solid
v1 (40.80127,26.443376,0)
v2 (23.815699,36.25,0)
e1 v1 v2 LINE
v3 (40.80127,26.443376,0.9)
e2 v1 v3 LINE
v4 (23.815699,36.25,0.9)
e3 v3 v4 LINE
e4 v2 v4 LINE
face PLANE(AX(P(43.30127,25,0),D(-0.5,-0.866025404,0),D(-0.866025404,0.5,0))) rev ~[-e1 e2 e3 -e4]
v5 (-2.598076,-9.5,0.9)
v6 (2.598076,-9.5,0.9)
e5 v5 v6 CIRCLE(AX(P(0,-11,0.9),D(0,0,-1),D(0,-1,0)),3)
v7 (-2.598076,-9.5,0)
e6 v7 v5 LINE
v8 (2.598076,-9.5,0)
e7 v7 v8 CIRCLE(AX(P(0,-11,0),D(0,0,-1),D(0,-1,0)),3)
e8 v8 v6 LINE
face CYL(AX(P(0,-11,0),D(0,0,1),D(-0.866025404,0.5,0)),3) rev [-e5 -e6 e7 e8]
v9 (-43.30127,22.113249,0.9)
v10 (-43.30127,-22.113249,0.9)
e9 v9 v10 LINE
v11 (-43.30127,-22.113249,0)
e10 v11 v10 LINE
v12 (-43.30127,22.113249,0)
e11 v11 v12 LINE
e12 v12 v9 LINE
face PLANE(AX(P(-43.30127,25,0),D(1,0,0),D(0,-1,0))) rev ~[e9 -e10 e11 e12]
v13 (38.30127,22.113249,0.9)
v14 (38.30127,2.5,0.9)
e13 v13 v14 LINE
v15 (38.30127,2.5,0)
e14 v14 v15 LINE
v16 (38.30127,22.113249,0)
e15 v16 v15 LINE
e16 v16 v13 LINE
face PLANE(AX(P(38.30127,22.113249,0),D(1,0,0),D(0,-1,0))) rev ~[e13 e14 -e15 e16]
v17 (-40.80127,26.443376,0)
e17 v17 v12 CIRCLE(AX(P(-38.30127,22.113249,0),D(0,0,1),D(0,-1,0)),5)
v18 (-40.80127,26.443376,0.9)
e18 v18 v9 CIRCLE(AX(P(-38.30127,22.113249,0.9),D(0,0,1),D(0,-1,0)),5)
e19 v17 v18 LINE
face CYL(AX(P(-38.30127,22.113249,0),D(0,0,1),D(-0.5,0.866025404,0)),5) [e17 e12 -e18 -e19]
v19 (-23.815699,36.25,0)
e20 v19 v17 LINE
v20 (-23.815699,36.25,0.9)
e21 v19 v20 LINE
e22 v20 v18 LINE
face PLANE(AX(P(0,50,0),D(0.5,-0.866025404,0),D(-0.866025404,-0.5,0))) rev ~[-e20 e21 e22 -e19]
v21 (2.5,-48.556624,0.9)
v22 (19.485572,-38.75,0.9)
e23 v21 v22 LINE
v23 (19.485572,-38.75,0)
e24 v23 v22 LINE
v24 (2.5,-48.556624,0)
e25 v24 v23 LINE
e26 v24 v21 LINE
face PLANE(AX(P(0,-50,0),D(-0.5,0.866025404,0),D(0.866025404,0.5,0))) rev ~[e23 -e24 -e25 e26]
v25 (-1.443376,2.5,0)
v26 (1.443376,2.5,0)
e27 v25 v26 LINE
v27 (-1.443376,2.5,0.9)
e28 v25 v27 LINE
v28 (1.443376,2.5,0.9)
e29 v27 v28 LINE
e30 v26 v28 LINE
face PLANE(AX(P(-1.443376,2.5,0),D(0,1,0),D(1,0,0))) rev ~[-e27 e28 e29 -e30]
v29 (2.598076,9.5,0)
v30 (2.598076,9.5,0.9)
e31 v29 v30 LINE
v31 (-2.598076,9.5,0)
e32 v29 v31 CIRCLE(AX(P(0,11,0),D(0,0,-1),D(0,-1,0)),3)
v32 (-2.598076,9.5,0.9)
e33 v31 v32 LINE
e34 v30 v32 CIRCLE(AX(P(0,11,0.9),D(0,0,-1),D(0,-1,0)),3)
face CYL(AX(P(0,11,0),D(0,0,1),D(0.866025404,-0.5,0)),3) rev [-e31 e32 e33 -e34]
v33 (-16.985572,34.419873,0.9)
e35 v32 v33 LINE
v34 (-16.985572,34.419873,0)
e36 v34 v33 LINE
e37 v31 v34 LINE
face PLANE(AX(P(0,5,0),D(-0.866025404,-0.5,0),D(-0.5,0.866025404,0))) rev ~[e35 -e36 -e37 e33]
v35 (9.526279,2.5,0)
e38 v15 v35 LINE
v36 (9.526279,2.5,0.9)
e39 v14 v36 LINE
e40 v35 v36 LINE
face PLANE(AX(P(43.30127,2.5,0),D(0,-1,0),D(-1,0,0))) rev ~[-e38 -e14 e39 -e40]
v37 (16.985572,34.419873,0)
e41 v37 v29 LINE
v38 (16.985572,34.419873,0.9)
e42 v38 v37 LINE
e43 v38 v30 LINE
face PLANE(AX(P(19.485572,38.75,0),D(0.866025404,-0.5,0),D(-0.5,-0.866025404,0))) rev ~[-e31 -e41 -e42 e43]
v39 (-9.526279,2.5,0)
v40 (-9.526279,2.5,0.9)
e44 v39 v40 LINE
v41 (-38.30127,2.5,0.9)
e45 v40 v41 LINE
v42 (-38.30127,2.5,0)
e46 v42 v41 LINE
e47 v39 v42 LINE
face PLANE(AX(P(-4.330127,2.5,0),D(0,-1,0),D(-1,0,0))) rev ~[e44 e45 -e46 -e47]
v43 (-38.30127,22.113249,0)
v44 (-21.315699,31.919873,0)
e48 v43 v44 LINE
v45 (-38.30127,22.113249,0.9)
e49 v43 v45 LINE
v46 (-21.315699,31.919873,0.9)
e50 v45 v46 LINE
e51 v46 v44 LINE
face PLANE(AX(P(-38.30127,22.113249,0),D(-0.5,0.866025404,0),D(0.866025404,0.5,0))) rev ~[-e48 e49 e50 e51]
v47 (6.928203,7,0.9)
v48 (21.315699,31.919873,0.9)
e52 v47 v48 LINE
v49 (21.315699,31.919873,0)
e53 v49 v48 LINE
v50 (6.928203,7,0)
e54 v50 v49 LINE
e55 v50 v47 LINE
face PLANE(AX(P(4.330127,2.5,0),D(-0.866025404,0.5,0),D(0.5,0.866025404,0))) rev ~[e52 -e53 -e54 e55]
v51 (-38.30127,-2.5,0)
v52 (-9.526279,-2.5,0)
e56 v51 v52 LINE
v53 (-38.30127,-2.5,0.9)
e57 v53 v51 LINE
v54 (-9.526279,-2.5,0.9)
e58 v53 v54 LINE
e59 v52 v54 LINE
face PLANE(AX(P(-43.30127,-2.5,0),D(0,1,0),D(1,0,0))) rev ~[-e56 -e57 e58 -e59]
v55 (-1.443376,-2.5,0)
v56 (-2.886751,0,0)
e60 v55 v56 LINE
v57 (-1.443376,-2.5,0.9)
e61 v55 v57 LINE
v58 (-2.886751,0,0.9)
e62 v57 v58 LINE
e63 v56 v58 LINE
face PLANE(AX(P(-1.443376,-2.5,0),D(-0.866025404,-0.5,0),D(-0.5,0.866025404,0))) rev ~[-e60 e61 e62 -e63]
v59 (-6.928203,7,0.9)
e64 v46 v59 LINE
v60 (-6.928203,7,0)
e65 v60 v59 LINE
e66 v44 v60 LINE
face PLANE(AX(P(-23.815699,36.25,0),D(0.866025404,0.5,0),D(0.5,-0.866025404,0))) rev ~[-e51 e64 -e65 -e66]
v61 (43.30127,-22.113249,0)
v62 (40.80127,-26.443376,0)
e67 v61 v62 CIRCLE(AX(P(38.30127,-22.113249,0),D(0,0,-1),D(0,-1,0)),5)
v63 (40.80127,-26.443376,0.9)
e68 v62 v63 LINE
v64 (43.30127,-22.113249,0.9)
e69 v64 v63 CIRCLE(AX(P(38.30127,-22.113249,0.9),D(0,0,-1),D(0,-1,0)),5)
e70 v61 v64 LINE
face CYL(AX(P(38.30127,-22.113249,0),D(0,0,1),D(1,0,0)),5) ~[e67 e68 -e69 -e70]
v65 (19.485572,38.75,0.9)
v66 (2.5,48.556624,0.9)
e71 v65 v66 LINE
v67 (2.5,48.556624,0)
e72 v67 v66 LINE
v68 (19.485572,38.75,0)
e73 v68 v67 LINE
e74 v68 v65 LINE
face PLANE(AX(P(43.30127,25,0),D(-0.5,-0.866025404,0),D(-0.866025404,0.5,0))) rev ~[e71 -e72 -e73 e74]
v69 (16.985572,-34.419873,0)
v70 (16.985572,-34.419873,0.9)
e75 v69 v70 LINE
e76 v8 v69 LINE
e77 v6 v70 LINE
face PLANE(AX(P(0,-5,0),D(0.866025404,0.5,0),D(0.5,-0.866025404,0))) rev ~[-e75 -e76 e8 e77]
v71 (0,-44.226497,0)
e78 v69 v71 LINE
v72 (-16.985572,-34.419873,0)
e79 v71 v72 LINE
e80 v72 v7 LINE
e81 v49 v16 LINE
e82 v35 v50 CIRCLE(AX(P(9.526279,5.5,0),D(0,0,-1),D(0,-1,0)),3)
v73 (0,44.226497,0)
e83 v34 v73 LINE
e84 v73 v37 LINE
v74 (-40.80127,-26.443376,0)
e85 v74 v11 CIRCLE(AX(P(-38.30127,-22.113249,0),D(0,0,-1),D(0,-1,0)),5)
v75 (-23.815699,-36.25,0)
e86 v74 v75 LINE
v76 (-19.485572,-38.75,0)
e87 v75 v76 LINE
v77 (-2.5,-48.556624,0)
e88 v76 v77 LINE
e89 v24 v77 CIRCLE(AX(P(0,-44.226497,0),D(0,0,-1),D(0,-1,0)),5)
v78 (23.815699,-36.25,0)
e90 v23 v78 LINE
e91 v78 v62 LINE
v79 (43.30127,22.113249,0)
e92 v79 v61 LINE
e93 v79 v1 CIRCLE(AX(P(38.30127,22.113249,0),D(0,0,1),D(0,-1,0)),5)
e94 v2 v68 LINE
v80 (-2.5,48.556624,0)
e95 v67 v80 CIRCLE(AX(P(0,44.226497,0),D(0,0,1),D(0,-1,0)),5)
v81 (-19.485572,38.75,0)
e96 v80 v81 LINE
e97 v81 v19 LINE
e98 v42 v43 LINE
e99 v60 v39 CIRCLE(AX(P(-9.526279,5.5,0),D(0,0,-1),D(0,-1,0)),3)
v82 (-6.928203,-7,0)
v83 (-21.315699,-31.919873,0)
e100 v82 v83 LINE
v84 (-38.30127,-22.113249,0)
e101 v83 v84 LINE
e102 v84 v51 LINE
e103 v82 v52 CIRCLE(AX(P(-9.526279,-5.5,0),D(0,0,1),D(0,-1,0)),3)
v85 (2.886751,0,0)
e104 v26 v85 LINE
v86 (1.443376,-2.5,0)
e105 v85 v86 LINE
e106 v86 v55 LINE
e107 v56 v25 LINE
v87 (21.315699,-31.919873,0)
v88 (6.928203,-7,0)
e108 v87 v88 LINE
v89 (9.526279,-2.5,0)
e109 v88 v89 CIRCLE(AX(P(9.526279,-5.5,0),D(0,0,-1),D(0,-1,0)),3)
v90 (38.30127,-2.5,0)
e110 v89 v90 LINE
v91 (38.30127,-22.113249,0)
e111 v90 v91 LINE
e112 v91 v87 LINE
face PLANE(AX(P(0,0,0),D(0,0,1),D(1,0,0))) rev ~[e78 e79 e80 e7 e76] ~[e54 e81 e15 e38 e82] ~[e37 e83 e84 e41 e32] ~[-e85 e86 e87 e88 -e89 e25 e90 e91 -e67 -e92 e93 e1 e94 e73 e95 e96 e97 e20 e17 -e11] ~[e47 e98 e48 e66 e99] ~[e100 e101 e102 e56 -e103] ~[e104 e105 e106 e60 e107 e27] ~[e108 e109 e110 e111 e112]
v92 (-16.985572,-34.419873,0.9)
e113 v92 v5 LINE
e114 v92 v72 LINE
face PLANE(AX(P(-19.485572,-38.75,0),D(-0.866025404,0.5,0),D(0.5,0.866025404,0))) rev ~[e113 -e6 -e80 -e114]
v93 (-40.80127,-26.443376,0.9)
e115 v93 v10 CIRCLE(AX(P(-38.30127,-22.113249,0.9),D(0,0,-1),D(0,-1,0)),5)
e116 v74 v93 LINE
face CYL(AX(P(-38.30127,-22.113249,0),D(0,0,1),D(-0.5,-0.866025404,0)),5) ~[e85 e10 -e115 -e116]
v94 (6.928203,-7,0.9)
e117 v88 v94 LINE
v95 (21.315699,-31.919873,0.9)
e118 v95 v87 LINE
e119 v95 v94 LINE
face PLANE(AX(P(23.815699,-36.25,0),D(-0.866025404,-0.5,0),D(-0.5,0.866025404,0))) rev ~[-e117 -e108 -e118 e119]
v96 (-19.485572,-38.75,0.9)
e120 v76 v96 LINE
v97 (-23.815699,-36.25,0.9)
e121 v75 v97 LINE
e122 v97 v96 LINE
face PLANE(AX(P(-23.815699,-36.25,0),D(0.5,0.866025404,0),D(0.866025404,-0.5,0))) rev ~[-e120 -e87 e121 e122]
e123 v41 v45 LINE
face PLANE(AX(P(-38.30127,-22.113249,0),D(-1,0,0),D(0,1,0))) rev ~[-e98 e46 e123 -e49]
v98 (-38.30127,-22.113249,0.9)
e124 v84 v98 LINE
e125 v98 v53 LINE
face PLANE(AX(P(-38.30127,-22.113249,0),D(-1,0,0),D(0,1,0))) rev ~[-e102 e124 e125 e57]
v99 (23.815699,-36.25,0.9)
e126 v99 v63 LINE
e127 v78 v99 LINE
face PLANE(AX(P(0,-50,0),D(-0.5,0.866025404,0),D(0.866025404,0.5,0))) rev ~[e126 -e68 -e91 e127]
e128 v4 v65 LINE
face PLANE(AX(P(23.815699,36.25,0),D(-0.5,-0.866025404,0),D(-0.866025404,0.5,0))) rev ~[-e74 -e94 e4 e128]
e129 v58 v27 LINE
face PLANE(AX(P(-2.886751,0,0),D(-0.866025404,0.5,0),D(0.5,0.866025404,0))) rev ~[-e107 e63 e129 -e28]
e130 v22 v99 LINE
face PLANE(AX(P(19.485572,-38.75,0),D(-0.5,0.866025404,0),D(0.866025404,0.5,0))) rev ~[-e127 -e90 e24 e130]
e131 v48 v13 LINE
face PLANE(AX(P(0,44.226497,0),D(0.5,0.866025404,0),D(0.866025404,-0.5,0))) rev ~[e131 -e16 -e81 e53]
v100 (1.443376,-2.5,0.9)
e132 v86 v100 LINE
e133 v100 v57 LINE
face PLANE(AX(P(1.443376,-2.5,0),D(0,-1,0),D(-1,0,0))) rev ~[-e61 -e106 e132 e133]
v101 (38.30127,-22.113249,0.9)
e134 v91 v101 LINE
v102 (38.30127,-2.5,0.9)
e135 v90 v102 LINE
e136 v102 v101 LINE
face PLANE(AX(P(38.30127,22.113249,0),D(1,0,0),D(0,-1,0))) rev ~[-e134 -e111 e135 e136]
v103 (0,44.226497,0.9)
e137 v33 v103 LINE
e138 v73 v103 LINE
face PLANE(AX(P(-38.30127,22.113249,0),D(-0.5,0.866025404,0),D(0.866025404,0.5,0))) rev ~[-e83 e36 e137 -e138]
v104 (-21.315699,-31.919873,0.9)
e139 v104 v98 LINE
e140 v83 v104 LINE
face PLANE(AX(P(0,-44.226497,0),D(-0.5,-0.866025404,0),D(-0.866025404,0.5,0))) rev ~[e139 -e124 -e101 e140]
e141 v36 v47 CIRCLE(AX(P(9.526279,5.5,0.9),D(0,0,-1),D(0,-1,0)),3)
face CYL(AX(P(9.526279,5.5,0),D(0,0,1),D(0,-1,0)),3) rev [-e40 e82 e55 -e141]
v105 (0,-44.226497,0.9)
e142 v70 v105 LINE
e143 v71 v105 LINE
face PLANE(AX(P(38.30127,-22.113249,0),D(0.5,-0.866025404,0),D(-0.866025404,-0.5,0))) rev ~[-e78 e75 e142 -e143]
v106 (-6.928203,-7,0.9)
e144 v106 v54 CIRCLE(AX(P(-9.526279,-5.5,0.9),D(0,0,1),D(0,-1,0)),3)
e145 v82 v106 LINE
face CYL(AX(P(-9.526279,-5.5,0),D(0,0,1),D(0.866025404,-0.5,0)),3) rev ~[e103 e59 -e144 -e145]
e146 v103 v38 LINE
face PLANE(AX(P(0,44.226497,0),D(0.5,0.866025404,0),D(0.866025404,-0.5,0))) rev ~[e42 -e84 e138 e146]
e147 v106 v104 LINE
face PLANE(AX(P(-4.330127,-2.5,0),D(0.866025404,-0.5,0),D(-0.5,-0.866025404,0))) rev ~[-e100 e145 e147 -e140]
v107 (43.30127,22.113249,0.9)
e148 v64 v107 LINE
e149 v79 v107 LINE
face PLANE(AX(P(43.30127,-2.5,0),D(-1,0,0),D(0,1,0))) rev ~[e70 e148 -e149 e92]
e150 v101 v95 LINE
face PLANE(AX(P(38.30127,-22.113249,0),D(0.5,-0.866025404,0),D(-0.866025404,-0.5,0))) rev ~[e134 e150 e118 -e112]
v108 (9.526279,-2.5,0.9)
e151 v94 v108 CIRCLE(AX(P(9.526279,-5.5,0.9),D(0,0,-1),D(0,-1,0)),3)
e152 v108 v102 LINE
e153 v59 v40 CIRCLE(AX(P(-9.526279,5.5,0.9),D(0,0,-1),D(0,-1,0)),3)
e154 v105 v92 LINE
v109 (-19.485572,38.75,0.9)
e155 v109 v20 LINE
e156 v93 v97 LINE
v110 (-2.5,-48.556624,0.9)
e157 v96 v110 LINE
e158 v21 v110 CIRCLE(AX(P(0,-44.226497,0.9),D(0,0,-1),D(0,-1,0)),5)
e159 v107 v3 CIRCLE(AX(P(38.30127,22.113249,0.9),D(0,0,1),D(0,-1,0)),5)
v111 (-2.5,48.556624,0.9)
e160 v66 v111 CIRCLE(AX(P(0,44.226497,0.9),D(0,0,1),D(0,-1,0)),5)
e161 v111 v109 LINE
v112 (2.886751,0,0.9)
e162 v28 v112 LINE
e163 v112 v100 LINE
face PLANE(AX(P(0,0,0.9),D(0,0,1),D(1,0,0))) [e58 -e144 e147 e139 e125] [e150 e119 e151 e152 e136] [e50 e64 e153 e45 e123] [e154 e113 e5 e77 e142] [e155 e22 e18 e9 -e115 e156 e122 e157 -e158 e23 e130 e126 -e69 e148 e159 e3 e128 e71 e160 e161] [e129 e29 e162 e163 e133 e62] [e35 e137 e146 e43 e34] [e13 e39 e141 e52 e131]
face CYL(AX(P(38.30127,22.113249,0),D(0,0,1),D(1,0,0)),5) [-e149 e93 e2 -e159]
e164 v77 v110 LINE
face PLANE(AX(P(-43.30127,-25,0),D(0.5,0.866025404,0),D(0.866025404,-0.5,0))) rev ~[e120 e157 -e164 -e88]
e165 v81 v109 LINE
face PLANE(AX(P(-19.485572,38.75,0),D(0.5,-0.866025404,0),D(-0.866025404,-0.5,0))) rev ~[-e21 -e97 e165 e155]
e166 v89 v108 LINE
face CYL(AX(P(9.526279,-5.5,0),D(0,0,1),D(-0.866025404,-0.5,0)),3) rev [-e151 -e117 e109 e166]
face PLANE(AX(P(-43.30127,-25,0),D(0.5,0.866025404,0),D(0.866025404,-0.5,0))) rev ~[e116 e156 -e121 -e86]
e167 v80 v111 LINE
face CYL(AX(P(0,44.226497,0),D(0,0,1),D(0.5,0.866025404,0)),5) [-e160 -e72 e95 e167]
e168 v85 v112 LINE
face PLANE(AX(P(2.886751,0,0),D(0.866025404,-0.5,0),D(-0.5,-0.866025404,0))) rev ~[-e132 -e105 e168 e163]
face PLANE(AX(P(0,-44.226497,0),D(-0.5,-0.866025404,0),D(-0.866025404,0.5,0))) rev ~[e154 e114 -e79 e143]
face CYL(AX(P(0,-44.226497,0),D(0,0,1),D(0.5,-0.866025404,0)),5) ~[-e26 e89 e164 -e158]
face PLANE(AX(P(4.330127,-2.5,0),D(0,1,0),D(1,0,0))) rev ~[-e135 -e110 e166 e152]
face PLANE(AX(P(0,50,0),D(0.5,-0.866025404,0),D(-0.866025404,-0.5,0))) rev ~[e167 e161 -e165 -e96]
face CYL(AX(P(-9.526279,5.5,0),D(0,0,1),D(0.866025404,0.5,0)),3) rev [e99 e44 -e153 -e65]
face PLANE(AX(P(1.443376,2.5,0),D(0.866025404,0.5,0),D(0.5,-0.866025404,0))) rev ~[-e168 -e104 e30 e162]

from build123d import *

# Parameters (mm, degrees)
F1_DEPTH = 0.9
F2_R     = 5
F4_DEPTH = 0.9
F5_R     = 3


with BuildPart() as f1:
    # F0 (on Top) → F1 (new body)
    with BuildSketch(Plane.XY):
        Polygon((43.3012701892, -25), (43.3012701892, 25), (0, 50), (-43.3012701892, 25), (-43.3012701892, -25), (0, -50), align=None)
        Polygon((0, 44.2264973081), (38.3012701892, 22.1132486541), (38.3012701892, -22.1132486541), (0, -44.2264973081), (-38.3012701892, -22.1132486541), (-38.3012701892, 22.1132486541), align=None, mode=Mode.SUBTRACT)
    extrude(amount=F1_DEPTH)

    # F2
    f2_edges = [f1.edges().sort_by_distance(p)[0] for p in [
        (0, 50, 0.45),
        (43.30127, 25, 0.45),
        (-43.30127, 25, 0.45),
        (-43.30127, -25, 0.45),
        (0, -50, 0.45),
        (43.30127, -25, 0.45),
    ]]
    fillet(f2_edges, radius=F2_R)

    # F3 (on Top) → F4 (join, through all)
    with BuildSketch(Plane.XY):
        Polygon((0, 5), (-19.4855715851, 38.75), (-23.8156986041, 36.25), (-4.3301270189, 2.5), (-1.443375673, 2.5), align=None)
        Polygon((19.4855715851, 38.75), (0, 5), (1.443375673, 2.5), (4.3301270189, 2.5), (23.8156986041, 36.25), align=None)
        Polygon((1.443375673, 2.5), (0, 5), (-1.443375673, 2.5), align=None)
        Polygon((-1.443375673, 2.5), (-4.3301270189, 2.5), (-2.8867513459, 0), align=None)
        Polygon((-2.8867513459, 0), (-4.3301270189, 2.5), (-43.3012701892, 2.5), (-43.3012701892, -2.5), (-4.3301270189, -2.5), align=None)
        Polygon((4.3301270189, 2.5), (1.443375673, 2.5), (2.8867513459, 0), align=None)
        Polygon((-1.443375673, -2.5), (-2.8867513459, 0), (-4.3301270189, -2.5), align=None)
        Polygon((4.3301270189, 2.5), (2.8867513459, 0), (4.3301270189, -2.5), (43.3012701892, -2.5), (43.3012701892, 2.5), align=None)
        Polygon((4.3301270189, -2.5), (2.8867513459, 0), (1.443375673, -2.5), align=None)
        Polygon((1.443375673, -2.5), (-1.443375673, -2.5), (0, -5), align=None)
        Polygon((0, -5), (-1.443375673, -2.5), (-4.3301270189, -2.5), (-23.8156986041, -36.25), (-19.4855715851, -38.75), align=None)
        Polygon((23.8156986041, -36.25), (4.3301270189, -2.5), (1.443375673, -2.5), (0, -5), (19.4855715851, -38.75), align=None)
    extrude(amount=F4_DEPTH)

    # F5
    f5_edges = [f1.edges().sort_by_distance(p)[0] for p in [
        (-4.330127, -2.5, 0.45),
        (-4.330127, 2.5, 0.45),
        (0, 5, 0.45),
        (0, -5, 0.45),
        (4.330127, -2.5, 0.45),
        (4.330127, 2.5, 0.45),
    ]]
    fillet(f5_edges, radius=F5_R)


solid = f1.part
